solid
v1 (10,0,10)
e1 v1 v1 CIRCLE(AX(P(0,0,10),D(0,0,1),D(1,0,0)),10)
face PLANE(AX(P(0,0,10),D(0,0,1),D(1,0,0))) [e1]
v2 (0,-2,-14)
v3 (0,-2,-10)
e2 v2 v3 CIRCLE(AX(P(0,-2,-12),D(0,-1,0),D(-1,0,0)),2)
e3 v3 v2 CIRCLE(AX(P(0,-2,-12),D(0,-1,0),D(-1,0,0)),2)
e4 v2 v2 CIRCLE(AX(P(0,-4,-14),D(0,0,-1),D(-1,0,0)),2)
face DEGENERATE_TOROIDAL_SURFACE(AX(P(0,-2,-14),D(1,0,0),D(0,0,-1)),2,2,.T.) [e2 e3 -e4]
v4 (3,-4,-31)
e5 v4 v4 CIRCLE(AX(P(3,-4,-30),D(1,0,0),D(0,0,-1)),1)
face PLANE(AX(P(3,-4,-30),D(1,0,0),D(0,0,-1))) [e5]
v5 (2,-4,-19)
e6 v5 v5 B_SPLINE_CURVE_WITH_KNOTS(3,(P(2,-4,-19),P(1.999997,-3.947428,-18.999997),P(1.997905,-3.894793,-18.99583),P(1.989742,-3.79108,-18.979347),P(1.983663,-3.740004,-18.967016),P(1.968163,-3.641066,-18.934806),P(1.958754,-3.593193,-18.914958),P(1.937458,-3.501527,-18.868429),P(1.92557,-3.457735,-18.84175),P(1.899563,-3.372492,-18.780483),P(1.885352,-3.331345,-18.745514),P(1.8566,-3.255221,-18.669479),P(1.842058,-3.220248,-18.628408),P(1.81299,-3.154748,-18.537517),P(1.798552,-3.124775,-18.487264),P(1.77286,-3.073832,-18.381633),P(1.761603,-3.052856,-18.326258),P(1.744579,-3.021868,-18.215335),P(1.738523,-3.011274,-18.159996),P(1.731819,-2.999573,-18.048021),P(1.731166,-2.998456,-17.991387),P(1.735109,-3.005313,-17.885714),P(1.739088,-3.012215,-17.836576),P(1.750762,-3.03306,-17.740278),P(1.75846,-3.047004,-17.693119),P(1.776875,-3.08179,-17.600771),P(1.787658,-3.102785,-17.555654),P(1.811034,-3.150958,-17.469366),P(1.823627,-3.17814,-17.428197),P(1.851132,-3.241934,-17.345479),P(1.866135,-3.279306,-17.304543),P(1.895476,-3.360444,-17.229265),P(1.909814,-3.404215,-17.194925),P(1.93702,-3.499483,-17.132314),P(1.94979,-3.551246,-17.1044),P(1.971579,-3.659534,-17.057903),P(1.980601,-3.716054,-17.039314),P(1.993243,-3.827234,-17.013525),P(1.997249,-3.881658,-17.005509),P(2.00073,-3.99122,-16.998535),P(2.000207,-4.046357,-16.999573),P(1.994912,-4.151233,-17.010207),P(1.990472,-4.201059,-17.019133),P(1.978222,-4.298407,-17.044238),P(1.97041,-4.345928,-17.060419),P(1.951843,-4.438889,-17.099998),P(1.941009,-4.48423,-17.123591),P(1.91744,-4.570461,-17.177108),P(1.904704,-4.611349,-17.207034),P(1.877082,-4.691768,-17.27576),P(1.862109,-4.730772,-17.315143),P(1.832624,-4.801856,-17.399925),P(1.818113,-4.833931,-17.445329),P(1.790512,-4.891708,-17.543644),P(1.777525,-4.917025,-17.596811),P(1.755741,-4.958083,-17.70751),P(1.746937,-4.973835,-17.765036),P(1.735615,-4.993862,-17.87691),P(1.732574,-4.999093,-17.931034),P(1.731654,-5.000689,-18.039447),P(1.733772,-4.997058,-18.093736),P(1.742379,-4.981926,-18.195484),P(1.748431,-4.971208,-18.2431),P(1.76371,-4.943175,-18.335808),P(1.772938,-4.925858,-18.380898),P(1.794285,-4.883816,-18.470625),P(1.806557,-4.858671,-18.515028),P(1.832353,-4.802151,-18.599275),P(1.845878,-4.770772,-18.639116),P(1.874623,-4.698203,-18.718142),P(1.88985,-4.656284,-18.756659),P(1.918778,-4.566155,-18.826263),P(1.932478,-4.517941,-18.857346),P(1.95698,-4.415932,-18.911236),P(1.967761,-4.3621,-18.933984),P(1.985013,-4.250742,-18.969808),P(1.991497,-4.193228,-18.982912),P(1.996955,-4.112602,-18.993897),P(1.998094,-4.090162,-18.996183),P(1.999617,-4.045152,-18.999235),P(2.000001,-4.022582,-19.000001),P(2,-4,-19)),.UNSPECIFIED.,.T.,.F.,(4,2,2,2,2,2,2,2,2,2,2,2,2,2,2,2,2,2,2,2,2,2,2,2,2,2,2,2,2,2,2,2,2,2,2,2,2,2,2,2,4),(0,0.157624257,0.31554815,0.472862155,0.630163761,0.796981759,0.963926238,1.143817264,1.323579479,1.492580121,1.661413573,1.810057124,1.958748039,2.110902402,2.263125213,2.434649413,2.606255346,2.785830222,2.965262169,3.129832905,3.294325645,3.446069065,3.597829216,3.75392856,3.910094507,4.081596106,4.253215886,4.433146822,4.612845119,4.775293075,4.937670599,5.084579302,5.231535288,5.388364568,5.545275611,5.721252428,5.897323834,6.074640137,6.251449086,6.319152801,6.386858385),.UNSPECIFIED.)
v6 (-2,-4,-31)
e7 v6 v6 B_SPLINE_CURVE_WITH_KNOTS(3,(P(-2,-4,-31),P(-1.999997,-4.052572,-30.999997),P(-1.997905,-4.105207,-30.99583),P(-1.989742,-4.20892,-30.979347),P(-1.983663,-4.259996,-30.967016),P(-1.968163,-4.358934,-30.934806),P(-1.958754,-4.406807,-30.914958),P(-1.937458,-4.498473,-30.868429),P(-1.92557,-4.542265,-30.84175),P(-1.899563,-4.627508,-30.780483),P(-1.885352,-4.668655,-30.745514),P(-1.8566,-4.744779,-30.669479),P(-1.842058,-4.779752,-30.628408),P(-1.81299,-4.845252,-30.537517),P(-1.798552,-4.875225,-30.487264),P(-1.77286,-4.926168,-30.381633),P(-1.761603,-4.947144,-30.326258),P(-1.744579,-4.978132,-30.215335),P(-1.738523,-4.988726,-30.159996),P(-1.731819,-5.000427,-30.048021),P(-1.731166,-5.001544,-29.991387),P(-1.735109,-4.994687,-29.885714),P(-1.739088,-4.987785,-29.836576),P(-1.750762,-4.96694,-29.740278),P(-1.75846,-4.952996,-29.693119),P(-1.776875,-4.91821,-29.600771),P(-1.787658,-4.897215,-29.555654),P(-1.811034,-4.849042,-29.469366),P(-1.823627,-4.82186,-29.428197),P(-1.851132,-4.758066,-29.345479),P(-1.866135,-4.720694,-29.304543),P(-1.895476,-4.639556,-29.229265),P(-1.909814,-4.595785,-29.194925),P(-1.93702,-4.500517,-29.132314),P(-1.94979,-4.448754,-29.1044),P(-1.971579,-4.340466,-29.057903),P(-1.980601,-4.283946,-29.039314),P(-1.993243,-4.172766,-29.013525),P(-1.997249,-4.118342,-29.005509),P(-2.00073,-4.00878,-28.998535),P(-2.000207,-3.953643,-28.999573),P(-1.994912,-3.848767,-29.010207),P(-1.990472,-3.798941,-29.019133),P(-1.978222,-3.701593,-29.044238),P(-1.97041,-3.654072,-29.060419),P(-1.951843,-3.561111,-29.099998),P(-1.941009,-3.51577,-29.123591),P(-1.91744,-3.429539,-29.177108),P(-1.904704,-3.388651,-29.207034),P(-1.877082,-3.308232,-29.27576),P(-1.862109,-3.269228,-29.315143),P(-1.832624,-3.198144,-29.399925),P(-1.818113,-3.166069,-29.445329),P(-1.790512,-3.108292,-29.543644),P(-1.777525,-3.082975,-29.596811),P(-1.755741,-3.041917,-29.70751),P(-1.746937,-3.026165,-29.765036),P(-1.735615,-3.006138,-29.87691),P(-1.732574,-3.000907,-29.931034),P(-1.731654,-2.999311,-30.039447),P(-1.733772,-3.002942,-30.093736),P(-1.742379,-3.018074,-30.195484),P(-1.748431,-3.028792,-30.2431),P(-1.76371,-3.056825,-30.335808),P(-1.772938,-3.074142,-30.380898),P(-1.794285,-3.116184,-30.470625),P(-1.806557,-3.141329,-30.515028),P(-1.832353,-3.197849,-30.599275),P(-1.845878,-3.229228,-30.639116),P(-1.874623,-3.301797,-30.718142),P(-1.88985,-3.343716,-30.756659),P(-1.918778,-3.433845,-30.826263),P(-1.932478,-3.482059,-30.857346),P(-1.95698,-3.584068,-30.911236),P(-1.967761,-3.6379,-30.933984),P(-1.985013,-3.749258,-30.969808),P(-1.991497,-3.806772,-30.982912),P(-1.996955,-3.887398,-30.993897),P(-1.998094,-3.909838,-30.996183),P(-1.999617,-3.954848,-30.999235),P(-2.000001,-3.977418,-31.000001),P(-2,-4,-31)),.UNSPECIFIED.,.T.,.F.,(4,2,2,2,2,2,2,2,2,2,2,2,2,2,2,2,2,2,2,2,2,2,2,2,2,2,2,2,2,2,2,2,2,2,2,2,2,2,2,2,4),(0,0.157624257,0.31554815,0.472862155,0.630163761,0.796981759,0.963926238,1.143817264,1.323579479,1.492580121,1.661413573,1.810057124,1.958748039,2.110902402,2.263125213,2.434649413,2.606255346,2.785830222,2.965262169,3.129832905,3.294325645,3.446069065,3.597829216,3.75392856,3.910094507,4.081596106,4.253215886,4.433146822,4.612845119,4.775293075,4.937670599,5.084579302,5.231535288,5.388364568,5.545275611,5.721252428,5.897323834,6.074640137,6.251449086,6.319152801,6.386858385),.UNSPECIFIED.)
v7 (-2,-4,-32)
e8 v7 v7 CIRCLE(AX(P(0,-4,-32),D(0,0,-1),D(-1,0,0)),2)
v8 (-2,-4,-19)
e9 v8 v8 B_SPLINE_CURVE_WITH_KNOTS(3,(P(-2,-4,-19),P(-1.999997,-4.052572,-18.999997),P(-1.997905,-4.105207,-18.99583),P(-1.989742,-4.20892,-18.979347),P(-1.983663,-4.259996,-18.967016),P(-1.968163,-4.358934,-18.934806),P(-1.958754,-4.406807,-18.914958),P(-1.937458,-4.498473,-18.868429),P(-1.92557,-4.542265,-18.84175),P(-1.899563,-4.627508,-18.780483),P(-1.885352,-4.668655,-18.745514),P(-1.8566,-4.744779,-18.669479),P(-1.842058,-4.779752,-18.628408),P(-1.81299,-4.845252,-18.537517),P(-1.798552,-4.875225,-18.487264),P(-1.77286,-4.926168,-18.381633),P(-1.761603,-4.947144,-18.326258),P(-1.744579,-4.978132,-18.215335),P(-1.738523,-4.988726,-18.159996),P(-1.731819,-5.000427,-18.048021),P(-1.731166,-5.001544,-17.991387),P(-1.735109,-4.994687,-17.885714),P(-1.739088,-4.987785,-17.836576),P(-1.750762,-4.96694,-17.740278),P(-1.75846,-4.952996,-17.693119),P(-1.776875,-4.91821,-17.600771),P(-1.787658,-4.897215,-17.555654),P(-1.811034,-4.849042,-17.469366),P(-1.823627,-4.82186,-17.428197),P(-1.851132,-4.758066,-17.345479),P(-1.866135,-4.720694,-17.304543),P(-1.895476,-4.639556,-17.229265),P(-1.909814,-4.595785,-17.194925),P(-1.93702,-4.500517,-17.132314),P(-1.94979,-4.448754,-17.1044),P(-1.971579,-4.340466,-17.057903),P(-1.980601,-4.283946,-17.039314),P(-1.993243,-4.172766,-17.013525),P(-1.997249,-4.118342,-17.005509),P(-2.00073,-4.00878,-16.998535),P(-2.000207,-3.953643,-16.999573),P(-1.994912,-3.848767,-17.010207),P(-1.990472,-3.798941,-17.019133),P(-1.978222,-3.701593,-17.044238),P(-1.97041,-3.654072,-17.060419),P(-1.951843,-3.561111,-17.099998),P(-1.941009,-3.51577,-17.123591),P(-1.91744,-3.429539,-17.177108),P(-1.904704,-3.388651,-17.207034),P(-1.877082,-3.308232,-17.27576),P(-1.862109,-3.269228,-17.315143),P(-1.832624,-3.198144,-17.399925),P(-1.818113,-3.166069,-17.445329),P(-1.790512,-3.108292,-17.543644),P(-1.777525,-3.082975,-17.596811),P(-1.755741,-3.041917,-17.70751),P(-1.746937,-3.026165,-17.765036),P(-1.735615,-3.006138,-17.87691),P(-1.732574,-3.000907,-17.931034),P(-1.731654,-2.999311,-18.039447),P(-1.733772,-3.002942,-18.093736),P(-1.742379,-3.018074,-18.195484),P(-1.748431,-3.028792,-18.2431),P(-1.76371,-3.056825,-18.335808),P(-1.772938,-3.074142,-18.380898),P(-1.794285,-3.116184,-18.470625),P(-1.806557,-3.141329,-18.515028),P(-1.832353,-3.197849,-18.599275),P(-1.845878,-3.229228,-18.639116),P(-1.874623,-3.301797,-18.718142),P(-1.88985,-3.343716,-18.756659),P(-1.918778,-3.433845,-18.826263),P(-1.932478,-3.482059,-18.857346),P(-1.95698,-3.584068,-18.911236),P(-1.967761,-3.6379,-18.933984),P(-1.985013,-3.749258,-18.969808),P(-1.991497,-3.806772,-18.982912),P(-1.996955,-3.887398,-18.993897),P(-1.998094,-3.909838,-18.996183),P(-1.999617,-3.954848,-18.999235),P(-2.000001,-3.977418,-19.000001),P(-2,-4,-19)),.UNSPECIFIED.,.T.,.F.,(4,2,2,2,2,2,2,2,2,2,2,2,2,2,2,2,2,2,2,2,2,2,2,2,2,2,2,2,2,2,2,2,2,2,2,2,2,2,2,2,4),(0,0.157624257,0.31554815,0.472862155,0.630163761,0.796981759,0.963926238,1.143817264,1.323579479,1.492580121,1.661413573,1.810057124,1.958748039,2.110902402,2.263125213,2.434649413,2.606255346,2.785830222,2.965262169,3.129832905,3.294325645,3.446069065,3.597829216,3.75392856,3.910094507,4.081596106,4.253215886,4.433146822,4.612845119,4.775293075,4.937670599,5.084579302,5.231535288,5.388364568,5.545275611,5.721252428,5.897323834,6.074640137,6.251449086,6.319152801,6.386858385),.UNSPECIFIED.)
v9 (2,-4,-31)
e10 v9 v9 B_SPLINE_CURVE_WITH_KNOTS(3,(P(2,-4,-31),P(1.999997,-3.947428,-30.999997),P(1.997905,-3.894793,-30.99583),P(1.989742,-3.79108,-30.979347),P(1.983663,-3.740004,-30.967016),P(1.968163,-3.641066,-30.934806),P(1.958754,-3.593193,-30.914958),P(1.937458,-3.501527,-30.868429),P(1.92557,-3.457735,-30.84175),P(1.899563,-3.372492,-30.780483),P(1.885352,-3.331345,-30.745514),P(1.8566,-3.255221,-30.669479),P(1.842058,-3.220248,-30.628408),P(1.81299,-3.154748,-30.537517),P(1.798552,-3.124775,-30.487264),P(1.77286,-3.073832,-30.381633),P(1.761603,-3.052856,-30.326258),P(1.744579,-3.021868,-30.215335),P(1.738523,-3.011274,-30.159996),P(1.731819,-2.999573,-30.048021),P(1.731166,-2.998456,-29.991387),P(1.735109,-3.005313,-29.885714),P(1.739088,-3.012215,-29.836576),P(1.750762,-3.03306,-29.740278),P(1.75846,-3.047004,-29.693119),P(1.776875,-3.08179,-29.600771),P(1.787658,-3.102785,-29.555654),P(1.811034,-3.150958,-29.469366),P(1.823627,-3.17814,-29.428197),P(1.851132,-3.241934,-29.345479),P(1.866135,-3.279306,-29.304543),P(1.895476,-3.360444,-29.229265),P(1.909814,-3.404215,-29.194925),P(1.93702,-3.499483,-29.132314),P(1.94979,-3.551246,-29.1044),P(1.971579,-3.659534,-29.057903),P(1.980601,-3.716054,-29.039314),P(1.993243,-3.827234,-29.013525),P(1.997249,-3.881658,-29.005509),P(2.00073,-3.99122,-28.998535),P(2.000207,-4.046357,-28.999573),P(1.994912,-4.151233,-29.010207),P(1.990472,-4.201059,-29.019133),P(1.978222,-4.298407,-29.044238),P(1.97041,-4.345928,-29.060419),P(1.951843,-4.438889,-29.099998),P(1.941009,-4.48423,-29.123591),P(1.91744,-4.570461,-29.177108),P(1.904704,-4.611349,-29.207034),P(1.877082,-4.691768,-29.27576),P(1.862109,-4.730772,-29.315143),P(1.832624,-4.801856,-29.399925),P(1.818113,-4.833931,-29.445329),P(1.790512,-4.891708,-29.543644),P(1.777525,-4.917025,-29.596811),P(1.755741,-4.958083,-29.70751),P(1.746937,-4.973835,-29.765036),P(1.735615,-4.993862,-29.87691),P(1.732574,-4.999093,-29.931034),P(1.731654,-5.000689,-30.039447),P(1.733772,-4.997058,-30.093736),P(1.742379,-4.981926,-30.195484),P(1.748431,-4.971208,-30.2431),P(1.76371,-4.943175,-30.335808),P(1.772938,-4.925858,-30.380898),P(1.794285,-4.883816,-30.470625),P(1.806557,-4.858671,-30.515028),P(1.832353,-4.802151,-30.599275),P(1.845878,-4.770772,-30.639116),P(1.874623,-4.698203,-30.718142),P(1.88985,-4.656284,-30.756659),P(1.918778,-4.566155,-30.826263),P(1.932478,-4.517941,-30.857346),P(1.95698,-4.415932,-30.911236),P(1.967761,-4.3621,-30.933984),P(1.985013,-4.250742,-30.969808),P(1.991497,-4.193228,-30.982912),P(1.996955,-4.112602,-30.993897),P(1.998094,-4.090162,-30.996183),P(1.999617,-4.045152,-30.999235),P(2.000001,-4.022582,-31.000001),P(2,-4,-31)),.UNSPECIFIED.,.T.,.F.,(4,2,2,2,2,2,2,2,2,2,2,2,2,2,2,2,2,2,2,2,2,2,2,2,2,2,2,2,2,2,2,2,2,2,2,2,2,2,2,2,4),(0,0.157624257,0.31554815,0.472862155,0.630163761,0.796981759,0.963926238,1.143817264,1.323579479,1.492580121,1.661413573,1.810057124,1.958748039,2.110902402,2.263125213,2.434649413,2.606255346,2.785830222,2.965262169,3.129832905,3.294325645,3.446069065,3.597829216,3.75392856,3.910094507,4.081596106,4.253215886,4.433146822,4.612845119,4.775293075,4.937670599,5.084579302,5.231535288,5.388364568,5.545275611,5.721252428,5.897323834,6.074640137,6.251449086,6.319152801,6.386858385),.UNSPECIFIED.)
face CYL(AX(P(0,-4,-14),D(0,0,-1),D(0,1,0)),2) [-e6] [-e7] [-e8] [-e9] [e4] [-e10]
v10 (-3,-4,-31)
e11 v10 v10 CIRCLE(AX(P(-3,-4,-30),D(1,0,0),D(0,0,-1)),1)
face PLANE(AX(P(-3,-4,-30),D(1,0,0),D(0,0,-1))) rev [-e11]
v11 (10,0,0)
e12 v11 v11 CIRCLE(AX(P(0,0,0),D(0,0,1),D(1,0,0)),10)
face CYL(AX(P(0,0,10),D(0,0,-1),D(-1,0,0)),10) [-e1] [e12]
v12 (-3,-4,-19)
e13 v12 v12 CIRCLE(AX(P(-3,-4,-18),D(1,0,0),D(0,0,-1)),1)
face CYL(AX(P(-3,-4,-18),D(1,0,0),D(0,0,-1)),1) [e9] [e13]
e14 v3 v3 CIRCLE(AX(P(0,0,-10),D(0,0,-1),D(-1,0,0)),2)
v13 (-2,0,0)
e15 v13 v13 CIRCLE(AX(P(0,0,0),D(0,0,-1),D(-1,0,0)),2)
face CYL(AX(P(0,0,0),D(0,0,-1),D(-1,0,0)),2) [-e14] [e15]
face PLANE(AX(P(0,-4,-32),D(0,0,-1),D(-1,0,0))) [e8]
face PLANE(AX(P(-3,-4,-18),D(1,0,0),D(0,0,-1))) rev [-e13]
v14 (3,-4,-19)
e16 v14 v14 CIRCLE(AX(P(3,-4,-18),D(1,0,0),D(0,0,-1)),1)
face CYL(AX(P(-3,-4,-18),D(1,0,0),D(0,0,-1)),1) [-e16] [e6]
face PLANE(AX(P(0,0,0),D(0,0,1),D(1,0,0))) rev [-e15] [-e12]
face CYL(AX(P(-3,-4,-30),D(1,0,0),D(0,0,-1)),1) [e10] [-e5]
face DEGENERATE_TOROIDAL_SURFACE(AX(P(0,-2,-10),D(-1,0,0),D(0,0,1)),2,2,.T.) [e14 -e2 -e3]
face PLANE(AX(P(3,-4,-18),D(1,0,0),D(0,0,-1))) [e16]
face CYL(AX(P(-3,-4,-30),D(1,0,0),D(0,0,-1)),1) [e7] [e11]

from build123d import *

# Parameters (mm, degrees)
ESQUISSE1_R             = 10
BOSS_EXTRU_1_DEPTH      = 10
ESQUISSE2_R             = 2
BOSS_EXTRU_2_DEPTH      = 3
BOSS_EXTRU_2_DEPTH_BACK = 3
ESQUISSE4_R             = 1


with BuildPart() as part:
    # Esquisse1 → Boss.-Extru.1 (new body)
    with BuildSketch(Plane.XY):
        Circle(ESQUISSE1_R)
    extrude(amount=BOSS_EXTRU_1_DEPTH)

    # Balayage1: sweep along a path in Esquisse3
    with BuildLine(Plane(origin=(0, 0, 0), x_dir=(0, 0, -1), z_dir=(1, 0, 0))) as balayage1_path:
        Line((0, 0), (10, 0))
        ThreePointArc((10, 0), (11.414213562, -0.585786438), (12, -2))
        ThreePointArc((12, -2), (12.585786438, -3.414213562), (14, -4))
        Line((14, -4), (32, -4))
    # Esquisse2 → Balayage1 (sweep)
    with BuildSketch(Plane(origin=(0, 0, 0), x_dir=(-1, 0, 0), z_dir=(0, 0, -1))):
        Circle(ESQUISSE2_R)
    sweep(path=balayage1_path.line)

    # Esquisse4 → Boss.-Extru.2 (add, two sides: drawn at the far end of the back side and taken through both)
    with BuildSketch(Plane(origin=(0, 0, 0), x_dir=(0, 0, -1), z_dir=(1, 0, 0)).offset(-BOSS_EXTRU_2_DEPTH_BACK)):
        with Locations((18, -4)):
            Circle(ESQUISSE4_R)
        with Locations((30, -4)):
            Circle(ESQUISSE4_R)
    extrude(amount=BOSS_EXTRU_2_DEPTH + BOSS_EXTRU_2_DEPTH_BACK)


solid = part.part
